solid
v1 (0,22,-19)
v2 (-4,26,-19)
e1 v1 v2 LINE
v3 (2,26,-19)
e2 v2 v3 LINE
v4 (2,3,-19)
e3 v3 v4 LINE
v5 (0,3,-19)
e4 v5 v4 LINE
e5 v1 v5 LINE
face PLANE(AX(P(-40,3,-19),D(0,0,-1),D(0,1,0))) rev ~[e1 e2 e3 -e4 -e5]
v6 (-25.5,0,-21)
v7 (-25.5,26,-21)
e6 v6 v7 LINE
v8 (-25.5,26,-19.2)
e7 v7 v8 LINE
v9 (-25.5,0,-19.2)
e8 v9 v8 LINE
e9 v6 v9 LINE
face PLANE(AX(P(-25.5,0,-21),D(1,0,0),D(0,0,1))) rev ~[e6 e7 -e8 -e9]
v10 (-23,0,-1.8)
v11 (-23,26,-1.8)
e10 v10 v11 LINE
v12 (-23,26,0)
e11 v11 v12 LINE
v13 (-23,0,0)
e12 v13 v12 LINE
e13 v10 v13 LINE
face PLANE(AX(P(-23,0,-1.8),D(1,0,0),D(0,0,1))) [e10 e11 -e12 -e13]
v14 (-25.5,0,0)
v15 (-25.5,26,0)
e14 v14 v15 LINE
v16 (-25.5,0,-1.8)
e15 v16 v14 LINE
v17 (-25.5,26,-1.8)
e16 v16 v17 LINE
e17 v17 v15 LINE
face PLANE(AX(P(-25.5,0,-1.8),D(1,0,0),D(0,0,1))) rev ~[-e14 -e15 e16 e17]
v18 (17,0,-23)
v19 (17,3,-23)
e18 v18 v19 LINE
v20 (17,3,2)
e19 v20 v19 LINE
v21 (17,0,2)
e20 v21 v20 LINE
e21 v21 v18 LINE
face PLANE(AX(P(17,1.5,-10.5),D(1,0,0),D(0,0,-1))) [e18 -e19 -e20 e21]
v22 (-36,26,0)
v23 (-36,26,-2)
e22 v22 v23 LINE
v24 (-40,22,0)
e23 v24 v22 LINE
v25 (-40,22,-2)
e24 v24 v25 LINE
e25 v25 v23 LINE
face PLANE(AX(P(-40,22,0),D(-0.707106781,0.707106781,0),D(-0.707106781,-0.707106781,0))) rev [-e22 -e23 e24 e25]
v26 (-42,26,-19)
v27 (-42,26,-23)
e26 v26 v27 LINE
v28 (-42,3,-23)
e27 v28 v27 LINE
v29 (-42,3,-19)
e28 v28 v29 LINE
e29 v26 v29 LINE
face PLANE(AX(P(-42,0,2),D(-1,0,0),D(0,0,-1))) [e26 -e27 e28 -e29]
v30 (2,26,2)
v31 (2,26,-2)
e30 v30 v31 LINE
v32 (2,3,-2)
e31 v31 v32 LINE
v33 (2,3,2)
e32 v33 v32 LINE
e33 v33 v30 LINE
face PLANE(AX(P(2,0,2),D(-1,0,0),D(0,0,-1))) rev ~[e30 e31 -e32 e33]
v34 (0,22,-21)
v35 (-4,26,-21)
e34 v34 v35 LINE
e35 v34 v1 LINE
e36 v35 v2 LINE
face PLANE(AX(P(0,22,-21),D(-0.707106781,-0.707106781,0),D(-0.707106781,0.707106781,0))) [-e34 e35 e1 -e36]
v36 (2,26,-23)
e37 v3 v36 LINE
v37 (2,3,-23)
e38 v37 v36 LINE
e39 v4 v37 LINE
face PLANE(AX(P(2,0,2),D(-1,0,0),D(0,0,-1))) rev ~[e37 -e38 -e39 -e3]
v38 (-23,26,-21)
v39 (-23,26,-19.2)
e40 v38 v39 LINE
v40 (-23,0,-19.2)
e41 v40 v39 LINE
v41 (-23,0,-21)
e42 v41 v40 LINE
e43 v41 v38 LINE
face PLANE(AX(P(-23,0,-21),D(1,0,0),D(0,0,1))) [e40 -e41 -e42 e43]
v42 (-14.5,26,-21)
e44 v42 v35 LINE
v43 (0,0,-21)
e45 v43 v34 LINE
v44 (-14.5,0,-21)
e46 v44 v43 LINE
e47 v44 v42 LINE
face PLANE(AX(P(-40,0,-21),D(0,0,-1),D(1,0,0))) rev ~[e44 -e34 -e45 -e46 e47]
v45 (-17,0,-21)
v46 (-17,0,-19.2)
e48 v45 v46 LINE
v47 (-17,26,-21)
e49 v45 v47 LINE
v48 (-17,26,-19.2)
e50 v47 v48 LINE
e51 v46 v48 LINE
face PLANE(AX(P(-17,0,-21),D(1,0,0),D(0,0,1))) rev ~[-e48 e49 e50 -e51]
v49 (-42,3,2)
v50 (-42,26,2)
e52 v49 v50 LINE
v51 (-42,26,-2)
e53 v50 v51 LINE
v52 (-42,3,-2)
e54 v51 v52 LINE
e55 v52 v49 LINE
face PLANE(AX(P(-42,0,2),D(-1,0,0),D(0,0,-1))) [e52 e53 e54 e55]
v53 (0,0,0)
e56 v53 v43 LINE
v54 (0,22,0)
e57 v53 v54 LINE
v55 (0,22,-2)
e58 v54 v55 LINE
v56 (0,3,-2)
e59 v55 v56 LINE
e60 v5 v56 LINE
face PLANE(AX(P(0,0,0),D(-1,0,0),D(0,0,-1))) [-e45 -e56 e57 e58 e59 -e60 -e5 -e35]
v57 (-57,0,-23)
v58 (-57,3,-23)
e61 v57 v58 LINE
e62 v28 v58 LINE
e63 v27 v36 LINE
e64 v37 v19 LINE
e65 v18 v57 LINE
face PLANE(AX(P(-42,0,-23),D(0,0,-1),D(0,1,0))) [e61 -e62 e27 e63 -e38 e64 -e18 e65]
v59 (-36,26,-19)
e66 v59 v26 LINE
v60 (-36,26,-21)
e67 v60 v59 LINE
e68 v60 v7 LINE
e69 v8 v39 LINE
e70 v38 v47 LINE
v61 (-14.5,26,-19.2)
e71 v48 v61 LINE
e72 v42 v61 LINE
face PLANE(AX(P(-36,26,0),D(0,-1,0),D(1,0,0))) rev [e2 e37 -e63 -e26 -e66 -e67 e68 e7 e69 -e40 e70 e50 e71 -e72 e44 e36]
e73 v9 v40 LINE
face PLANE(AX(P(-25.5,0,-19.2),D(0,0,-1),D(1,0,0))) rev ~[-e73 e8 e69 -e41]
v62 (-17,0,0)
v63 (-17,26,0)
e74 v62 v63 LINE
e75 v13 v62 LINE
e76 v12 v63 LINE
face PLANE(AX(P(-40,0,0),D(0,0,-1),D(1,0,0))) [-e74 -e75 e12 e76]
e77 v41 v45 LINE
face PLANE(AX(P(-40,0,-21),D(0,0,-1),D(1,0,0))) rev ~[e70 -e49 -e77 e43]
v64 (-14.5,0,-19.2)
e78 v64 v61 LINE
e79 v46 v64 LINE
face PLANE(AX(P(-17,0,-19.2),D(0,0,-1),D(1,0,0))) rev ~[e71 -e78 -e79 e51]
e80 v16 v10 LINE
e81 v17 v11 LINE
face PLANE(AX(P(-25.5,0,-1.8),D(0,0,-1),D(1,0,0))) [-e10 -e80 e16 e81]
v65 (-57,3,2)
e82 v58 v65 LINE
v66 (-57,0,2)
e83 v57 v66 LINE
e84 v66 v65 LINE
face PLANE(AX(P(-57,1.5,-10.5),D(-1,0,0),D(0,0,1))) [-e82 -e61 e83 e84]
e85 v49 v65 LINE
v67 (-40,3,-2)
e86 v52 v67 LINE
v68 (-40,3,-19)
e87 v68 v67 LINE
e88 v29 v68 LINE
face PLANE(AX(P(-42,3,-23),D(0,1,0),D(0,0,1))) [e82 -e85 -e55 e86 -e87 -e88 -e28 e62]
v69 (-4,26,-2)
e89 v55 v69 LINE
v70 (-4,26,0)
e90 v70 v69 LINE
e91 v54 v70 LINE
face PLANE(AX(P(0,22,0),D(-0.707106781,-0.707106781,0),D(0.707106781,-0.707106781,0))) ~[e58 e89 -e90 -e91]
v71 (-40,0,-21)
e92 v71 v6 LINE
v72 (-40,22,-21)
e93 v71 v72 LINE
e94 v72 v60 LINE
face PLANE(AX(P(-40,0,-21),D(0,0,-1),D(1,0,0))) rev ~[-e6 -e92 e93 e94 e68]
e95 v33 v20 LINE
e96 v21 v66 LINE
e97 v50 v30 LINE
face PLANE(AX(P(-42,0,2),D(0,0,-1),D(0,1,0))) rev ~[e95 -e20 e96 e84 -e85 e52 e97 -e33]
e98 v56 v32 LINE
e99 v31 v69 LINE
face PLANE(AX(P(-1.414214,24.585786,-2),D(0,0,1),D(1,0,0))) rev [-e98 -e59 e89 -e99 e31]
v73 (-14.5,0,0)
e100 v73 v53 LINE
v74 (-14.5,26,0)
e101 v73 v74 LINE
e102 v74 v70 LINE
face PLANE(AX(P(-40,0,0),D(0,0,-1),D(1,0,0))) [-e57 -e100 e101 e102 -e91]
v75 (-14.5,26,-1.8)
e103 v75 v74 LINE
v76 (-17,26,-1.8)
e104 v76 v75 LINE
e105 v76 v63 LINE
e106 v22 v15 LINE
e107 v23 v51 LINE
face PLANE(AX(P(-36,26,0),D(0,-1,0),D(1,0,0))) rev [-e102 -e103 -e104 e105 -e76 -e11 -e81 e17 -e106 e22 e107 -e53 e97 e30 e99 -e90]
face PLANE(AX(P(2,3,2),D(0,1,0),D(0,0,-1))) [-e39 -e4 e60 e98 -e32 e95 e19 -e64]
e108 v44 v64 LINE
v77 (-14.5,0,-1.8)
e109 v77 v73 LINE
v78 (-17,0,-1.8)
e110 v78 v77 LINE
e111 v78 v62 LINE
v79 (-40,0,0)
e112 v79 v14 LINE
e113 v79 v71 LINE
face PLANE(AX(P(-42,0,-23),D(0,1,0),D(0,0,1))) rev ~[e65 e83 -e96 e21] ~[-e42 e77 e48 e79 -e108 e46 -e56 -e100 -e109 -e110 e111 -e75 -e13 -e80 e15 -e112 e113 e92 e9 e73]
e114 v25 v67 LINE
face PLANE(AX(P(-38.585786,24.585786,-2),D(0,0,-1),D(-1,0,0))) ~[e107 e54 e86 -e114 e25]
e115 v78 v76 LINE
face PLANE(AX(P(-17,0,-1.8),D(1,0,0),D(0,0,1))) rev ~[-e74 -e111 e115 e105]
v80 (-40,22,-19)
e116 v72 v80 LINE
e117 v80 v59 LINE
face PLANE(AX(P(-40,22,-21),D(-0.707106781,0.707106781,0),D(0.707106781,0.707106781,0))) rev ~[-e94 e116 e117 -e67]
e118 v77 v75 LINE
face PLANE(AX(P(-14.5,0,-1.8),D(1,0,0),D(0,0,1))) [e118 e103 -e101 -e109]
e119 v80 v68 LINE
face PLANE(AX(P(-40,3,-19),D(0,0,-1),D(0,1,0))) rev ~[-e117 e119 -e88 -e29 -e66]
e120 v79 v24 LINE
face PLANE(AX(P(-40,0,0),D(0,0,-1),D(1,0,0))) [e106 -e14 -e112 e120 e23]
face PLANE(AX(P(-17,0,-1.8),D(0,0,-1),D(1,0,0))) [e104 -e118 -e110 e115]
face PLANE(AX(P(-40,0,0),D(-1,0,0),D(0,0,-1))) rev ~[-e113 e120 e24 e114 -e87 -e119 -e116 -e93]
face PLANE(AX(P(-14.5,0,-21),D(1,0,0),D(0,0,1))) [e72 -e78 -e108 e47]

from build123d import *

# Parameters (mm, degrees)
SKETCH1_W           = 44
SKETCH1_H           = 25
SKETCH1_W_2         = 40
SKETCH1_H_2         = 21
BOSS_EXTRUDE1_DEPTH = 26
BOSS_EXTRUDE2_DEPTH = 2
SKETCH3_W           = 17
SKETCH3_H           = 23
CUT_EXTRUDE1_DEPTH  = 57
SKETCH4_W           = 2.5
SKETCH4_H           = 1.8
BOSS_EXTRUDE3_DEPTH = 26
SKETCH8_W           = 25
SKETCH8_H           = 3
BOSS_EXTRUDE5_DEPTH = 15
SKETCH9_W           = 25
SKETCH9_H           = 3
BOSS_EXTRUDE6_DEPTH = 15


with BuildPart() as part:
    # Sketch1 → Boss-Extrude1 (new body)
    with BuildSketch(Plane(origin=(0, 0, 0), x_dir=(1, 0, 0), z_dir=(0, 1, 0))):
        with Locations((-20, 10.5)):
            Rectangle(SKETCH1_W, SKETCH1_H)
        with Locations((-20, 10.5)):
            Rectangle(SKETCH1_W_2, SKETCH1_H_2, mode=Mode.SUBTRACT)
    extrude(amount=BOSS_EXTRUDE1_DEPTH)

    # Sketch2 → Boss-Extrude2 (add)
    with BuildSketch(Plane.XY.offset(-21)):
        Polygon((-40, 22), (-36, 26), (-40, 26), align=None)
        Polygon((0, 26), (0, 22), (-4, 26), align=None)
    boss_extrude2 = extrude(amount=BOSS_EXTRUDE2_DEPTH)

    # Mirror1: Boss-Extrude2 across plane
    add(boss_extrude2.mirror(Plane(origin=(0, 0, -10.5), x_dir=(1, 0, 0), z_dir=(0, 0, -1))))

    # Sketch3 → Cut-Extrude1 (cut, symmetric)
    with BuildSketch(Plane(origin=(-40, 0, 0), x_dir=(0, 0, -1), z_dir=(1, 0, 0))):
        with Locations((10.5, 14.5)):
            Rectangle(SKETCH3_W, SKETCH3_H)
    extrude(amount=CUT_EXTRUDE1_DEPTH, both=True, mode=Mode.SUBTRACT)

    # Sketch4 → Boss-Extrude3 (add)
    with BuildSketch(Plane.XZ):
        with Locations((-24.25, -0.9)):
            Rectangle(SKETCH4_W, SKETCH4_H)
        with Locations((-15.75, -0.9)):
            Rectangle(SKETCH4_W, SKETCH4_H)
        with Locations((-15.75, -20.1)):
            Rectangle(SKETCH4_W, SKETCH4_H)
        with Locations((-24.25, -20.1)):
            Rectangle(SKETCH4_W, SKETCH4_H)
    extrude(amount=-BOSS_EXTRUDE3_DEPTH)

    # Sketch8 → Boss-Extrude5 (add)
    with BuildSketch(Plane(origin=(2, 0, 0), x_dir=(0, 0, -1), z_dir=(1, 0, 0))):
        with Locations((10.5, 1.5)):
            Rectangle(SKETCH8_W, SKETCH8_H)
    extrude(amount=BOSS_EXTRUDE5_DEPTH)

    # Sketch9 → Boss-Extrude6 (add)
    with BuildSketch(Plane.ZY.offset(42)):
        with Locations((-10.5, 1.5)):
            Rectangle(SKETCH9_W, SKETCH9_H)
    extrude(amount=BOSS_EXTRUDE6_DEPTH)


solid = part.part
